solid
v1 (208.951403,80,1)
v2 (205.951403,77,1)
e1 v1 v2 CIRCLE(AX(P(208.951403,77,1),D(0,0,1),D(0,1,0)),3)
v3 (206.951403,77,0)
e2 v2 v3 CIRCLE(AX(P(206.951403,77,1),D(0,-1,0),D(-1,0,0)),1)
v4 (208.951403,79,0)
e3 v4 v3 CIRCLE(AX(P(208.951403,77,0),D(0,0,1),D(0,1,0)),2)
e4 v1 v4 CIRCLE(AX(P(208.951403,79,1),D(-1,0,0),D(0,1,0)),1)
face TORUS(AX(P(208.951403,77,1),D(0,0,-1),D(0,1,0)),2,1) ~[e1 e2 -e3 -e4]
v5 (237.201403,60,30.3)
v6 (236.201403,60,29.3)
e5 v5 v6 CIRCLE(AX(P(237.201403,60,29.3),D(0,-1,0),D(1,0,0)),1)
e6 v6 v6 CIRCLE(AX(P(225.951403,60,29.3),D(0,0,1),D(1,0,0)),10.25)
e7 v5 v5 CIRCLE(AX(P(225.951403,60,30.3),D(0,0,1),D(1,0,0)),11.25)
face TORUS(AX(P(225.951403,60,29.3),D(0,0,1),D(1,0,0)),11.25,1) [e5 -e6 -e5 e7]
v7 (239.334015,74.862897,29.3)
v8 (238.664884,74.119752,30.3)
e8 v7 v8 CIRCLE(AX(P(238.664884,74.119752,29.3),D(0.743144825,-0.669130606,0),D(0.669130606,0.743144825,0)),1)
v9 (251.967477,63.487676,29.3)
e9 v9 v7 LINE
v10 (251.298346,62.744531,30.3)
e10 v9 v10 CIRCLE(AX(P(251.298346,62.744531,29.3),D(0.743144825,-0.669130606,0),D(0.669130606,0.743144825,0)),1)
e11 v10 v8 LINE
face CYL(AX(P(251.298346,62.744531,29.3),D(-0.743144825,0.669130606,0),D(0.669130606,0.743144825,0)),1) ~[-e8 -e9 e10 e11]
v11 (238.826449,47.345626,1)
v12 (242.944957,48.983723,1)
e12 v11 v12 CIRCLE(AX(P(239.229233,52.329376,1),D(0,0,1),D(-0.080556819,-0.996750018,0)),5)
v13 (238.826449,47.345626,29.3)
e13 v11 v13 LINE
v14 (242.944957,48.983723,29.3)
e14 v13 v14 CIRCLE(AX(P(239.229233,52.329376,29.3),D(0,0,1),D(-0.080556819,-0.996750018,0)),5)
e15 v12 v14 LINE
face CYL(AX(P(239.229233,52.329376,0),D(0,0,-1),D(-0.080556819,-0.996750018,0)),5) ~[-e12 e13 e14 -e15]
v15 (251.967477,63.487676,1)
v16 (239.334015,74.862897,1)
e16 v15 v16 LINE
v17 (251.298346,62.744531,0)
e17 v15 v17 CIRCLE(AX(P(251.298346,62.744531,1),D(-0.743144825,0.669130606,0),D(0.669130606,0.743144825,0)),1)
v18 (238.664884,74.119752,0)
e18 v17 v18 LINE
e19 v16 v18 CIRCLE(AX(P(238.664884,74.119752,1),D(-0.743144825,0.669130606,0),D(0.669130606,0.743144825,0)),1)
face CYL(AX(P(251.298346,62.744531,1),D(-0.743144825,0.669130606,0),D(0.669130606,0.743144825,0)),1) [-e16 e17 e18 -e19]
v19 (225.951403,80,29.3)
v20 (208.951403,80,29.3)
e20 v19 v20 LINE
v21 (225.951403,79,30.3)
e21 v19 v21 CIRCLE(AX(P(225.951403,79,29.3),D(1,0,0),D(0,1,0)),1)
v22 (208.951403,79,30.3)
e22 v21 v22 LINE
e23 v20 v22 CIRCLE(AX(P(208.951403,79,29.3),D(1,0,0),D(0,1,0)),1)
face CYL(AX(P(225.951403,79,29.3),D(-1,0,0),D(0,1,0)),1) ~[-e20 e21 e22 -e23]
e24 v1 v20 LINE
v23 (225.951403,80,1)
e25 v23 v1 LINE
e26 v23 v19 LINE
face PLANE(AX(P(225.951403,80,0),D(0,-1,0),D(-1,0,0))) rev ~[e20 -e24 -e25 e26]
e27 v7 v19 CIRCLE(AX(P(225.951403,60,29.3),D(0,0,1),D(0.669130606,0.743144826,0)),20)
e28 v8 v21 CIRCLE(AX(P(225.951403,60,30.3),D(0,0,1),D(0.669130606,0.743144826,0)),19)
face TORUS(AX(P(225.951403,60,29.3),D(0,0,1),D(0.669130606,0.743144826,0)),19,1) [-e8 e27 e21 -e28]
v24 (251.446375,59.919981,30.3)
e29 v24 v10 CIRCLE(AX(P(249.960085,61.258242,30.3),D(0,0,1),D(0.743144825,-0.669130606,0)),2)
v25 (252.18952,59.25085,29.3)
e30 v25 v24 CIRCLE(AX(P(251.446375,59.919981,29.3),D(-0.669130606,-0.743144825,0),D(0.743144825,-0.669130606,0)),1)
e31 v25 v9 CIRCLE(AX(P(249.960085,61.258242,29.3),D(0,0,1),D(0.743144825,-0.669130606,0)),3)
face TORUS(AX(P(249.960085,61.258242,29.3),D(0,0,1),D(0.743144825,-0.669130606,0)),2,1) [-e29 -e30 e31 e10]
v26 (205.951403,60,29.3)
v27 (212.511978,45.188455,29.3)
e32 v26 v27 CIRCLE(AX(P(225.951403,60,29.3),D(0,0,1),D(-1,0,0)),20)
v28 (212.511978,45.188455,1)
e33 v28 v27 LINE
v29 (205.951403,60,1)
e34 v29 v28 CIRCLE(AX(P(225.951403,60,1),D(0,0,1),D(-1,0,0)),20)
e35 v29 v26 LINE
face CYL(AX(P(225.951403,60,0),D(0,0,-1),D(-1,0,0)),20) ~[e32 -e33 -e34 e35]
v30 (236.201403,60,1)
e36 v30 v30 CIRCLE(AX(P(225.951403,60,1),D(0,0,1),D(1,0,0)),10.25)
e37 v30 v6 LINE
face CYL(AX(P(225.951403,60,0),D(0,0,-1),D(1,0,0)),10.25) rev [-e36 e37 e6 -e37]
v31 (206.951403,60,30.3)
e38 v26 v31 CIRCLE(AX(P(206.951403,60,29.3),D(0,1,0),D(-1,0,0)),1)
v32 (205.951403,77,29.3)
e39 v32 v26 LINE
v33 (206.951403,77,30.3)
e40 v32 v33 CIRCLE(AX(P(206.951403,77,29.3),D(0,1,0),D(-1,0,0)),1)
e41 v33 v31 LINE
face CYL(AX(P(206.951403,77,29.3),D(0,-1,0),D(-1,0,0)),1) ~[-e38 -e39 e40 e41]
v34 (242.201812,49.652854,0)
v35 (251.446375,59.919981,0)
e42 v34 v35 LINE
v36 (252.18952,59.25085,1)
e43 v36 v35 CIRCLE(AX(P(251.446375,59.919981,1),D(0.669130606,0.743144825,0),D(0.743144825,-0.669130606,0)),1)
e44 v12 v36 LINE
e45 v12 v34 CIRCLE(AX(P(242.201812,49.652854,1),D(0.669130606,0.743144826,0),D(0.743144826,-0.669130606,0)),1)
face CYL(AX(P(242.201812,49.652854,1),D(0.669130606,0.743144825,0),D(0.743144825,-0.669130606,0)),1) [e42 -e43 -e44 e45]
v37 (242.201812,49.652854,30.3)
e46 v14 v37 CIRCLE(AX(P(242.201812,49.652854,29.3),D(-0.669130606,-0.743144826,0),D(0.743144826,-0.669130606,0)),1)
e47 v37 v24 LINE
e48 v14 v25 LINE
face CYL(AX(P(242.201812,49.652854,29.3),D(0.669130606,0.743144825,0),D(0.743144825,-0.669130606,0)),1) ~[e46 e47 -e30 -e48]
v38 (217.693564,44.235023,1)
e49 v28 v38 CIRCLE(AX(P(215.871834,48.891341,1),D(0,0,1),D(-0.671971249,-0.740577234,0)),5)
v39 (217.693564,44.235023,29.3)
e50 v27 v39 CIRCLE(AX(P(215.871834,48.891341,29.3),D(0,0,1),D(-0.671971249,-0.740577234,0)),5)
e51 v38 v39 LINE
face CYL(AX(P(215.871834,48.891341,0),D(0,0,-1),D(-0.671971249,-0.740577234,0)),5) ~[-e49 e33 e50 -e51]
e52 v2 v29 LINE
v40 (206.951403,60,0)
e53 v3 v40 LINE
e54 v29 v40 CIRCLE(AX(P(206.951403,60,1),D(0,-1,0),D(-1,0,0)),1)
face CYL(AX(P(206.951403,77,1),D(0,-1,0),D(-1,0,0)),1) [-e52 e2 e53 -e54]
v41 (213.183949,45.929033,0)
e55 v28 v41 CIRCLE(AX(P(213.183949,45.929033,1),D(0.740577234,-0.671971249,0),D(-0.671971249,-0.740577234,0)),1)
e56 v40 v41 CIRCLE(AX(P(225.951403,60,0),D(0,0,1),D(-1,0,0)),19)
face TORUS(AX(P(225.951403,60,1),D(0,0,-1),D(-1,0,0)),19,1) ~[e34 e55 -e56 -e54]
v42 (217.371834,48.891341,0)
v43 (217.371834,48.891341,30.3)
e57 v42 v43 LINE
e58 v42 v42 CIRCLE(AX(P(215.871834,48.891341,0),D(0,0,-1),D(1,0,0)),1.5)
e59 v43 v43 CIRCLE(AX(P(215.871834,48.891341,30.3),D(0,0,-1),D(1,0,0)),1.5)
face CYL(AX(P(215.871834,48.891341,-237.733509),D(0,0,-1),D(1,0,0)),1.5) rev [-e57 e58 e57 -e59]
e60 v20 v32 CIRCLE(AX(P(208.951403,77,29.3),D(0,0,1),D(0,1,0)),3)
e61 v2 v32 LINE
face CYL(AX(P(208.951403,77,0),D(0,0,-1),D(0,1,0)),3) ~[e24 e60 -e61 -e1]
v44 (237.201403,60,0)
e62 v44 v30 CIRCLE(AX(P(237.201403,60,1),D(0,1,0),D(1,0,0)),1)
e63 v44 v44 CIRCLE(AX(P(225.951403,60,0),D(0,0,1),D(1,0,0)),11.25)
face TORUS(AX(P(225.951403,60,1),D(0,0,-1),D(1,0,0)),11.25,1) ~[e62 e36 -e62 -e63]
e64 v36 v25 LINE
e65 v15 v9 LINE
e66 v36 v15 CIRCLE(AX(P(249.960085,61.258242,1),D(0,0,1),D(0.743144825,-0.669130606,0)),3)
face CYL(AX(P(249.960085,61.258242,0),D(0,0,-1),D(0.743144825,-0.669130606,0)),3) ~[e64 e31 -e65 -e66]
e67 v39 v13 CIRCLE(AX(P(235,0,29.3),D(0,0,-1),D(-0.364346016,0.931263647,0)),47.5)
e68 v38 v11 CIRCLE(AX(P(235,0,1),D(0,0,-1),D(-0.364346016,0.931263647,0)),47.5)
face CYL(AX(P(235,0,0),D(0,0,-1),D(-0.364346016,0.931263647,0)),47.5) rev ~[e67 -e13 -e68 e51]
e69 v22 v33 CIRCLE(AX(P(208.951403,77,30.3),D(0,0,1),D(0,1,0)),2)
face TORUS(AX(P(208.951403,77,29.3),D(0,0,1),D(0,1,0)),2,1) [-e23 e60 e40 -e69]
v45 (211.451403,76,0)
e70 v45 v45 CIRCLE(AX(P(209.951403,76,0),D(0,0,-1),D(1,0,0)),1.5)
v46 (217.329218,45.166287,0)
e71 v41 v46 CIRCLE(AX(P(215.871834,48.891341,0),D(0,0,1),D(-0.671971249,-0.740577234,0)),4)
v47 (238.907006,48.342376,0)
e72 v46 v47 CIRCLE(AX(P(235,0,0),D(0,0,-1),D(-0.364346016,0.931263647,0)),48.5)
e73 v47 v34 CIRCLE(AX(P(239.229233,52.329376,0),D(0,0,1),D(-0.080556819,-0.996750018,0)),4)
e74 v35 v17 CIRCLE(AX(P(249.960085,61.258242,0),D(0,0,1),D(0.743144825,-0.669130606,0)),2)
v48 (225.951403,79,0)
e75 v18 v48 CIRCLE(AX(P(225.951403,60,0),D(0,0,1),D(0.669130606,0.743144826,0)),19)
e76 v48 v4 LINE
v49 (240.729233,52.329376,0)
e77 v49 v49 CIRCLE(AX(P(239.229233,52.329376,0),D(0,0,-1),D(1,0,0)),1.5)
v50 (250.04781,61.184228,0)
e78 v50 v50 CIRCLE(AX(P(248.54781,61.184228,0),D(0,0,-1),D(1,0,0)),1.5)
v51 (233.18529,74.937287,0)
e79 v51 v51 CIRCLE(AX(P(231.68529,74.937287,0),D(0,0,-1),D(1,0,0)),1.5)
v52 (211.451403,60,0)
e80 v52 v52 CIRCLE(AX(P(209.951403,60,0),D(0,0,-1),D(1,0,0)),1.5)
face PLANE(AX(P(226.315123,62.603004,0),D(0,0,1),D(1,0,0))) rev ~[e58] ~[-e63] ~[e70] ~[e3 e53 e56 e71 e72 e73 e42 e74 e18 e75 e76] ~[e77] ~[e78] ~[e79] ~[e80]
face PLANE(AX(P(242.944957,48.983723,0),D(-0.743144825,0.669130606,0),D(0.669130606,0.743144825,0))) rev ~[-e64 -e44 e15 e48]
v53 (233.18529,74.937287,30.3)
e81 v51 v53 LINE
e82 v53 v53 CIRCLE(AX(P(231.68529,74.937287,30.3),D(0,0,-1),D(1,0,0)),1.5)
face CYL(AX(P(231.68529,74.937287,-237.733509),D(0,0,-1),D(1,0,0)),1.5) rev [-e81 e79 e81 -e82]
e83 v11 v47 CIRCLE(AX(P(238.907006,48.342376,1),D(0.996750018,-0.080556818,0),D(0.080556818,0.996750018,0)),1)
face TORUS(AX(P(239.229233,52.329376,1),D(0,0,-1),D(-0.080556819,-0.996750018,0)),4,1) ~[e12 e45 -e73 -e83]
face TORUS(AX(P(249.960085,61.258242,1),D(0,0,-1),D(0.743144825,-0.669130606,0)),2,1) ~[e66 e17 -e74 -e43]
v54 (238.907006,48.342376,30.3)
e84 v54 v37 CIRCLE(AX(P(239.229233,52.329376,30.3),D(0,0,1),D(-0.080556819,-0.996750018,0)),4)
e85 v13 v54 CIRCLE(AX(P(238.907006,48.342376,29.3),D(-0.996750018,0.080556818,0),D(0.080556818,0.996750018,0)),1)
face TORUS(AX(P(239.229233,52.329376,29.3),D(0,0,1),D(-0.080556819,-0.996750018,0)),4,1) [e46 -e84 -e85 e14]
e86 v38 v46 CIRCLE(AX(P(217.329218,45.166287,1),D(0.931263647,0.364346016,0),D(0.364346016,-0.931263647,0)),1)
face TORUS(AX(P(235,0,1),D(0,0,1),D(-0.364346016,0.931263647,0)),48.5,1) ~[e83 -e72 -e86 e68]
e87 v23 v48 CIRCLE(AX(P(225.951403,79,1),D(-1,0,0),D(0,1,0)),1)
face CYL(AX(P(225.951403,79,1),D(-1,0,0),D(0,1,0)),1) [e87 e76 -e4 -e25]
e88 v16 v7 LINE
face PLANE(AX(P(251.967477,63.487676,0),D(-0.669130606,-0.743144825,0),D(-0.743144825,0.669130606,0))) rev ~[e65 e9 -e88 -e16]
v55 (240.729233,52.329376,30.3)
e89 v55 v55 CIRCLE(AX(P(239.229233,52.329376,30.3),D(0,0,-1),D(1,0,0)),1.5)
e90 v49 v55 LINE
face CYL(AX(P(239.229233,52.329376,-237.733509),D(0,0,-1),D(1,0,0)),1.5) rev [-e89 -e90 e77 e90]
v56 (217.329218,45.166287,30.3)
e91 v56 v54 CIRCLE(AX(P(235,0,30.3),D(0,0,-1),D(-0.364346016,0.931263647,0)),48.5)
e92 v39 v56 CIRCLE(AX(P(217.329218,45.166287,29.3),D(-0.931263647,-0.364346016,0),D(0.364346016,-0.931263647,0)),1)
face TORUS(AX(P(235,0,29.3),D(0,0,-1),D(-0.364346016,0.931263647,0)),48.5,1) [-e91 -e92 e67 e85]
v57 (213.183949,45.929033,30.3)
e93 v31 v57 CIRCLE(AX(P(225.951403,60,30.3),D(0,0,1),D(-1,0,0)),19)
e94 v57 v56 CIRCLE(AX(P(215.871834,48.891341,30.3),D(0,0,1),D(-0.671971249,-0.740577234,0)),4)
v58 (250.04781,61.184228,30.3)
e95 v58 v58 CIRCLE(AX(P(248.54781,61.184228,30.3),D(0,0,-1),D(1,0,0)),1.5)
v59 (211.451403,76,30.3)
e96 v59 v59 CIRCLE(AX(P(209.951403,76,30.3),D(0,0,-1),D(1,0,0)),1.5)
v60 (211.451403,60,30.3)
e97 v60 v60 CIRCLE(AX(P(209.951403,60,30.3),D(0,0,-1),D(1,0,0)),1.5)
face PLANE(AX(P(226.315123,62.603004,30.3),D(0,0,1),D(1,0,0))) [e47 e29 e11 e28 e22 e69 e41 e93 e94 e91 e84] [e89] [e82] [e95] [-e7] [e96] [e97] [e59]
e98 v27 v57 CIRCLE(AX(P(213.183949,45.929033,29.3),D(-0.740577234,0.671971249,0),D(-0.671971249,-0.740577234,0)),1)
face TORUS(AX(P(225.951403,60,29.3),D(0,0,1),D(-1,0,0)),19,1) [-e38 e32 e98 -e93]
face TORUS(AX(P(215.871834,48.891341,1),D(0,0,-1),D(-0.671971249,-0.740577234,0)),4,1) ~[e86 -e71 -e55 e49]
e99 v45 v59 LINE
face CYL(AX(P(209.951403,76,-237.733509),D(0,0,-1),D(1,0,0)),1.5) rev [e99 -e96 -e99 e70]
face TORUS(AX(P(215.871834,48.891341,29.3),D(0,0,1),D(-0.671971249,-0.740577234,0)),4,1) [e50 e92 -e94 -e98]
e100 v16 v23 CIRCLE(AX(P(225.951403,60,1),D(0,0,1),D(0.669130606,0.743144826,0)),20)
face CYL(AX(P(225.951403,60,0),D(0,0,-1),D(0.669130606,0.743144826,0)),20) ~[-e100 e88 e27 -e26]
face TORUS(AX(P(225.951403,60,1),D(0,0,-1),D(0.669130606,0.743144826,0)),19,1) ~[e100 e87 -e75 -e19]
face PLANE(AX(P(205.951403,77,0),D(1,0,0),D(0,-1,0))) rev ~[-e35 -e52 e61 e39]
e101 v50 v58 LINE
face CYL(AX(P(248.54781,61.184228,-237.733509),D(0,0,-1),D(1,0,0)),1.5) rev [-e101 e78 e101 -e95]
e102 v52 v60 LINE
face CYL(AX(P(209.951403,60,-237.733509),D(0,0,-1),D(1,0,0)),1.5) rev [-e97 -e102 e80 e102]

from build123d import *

# Parameters (mm, degrees)
SKETCH_1_R               = 10.25
EXTRUDE_1_DEPTH          = 30.3
CUT_EXTRUDE_1_DEPTH      = 268.033508634
CUT_EXTRUDE_1_DEPTH_BACK = 268.033508634
SKETCH_2_R               = 1.5
FILLET_1_R               = 1


with BuildPart() as part:
    # 草图1 → 凸台-拉伸1 (new body)
    with BuildSketch(Plane.XY):
        with BuildLine():
            Line((205.951402916, 77), (205.951402916, 60))
            ThreePointArc((205.951402916, 60), (207.664953018, 51.900262342), (212.511977929, 45.188455313))
            ThreePointArc((212.511977929, 45.188455313), (214.967004798, 43.973894607), (217.693564254, 44.235023248))
            ThreePointArc((217.693564254, 44.235023248), (228.082885446, 46.993654106), (238.826448864, 47.345625871))
            ThreePointArc((238.826448864, 47.345625871), (241.077132686, 47.68338128), (242.944957082, 48.983722931))
            Line((242.944957082, 48.983722931), (252.189519734, 59.250849906))
            ThreePointArc((252.189519734, 59.250849906), (252.955973862, 61.415249594), (251.967477077, 63.487676201))
            Line((251.967477077, 63.487676201), (239.334015044, 74.86289651))
            ThreePointArc((239.334015044, 74.86289651), (233.118761907, 78.67160853), (225.951402916, 80))
            Line((225.951402916, 80), (208.951402916, 80))
            ThreePointArc((208.951402916, 80), (206.830082573, 79.121320344), (205.951402916, 77))
        make_face()
        with Locations((225.951402916, 60)):
            Circle(SKETCH_1_R, mode=Mode.SUBTRACT)
    extrude(amount=EXTRUDE_1_DEPTH)

    # 草图2 → 切除-拉伸1 (cut, two sides: drawn at the far end of the back side and taken through both)
    with BuildSketch(Plane.XY.offset(30.3).offset(-CUT_EXTRUDE_1_DEPTH_BACK)):
        with Locations((215.871834176, 48.891341485)):
            Circle(SKETCH_2_R)
        with Locations((209.951402916, 60)):
            Circle(SKETCH_2_R)
        with Locations((209.951402916, 76)):
            Circle(SKETCH_2_R)
        with Locations((231.685290109, 74.937286824)):
            Circle(SKETCH_2_R)
        with Locations((239.229232955, 52.329375962)):
            Circle(SKETCH_2_R)
        with Locations((248.547809826, 61.184227506)):
            Circle(SKETCH_2_R)
    extrude(amount=CUT_EXTRUDE_1_DEPTH + CUT_EXTRUDE_1_DEPTH_BACK, mode=Mode.SUBTRACT)

    # 圆角1
    fillet_1_edges = [part.edges().sort_by_distance(p)[0] for p in [
        (205.951402916, 68.5, 0),
        (205.951402916, 68.5, 30.3),
        (206.830082573, 79.121320344, 0),
        (206.830082573, 79.121320344, 30.3),
        (207.664953018, 51.900262342, 0),
        (207.664953018, 51.900262342, 30.3),
        (217.451402916, 80, 0),
        (214.967004798, 43.973894607, 0),
        (233.118761907, 78.67160853, 0),
        (228.082885446, 46.993654106, 0),
        (245.65074606, 69.175286355, 0),
        (241.077132686, 47.68338128, 0),
        (252.955973862, 61.415249594, 0),
        (247.567238408, 54.117286418, 0),
        (215.701402916, 60, 0),
        (217.451402916, 80, 30.3),
        (214.967004798, 43.973894607, 30.3),
        (233.118761907, 78.67160853, 30.3),
        (228.082885446, 46.993654106, 30.3),
        (245.65074606, 69.175286355, 30.3),
        (241.077132686, 47.68338128, 30.3),
        (252.955973862, 61.415249594, 30.3),
        (247.567238408, 54.117286418, 30.3),
        (215.701402916, 60, 30.3),
    ]]
    fillet(fillet_1_edges, radius=FILLET_1_R)


solid = part.part
